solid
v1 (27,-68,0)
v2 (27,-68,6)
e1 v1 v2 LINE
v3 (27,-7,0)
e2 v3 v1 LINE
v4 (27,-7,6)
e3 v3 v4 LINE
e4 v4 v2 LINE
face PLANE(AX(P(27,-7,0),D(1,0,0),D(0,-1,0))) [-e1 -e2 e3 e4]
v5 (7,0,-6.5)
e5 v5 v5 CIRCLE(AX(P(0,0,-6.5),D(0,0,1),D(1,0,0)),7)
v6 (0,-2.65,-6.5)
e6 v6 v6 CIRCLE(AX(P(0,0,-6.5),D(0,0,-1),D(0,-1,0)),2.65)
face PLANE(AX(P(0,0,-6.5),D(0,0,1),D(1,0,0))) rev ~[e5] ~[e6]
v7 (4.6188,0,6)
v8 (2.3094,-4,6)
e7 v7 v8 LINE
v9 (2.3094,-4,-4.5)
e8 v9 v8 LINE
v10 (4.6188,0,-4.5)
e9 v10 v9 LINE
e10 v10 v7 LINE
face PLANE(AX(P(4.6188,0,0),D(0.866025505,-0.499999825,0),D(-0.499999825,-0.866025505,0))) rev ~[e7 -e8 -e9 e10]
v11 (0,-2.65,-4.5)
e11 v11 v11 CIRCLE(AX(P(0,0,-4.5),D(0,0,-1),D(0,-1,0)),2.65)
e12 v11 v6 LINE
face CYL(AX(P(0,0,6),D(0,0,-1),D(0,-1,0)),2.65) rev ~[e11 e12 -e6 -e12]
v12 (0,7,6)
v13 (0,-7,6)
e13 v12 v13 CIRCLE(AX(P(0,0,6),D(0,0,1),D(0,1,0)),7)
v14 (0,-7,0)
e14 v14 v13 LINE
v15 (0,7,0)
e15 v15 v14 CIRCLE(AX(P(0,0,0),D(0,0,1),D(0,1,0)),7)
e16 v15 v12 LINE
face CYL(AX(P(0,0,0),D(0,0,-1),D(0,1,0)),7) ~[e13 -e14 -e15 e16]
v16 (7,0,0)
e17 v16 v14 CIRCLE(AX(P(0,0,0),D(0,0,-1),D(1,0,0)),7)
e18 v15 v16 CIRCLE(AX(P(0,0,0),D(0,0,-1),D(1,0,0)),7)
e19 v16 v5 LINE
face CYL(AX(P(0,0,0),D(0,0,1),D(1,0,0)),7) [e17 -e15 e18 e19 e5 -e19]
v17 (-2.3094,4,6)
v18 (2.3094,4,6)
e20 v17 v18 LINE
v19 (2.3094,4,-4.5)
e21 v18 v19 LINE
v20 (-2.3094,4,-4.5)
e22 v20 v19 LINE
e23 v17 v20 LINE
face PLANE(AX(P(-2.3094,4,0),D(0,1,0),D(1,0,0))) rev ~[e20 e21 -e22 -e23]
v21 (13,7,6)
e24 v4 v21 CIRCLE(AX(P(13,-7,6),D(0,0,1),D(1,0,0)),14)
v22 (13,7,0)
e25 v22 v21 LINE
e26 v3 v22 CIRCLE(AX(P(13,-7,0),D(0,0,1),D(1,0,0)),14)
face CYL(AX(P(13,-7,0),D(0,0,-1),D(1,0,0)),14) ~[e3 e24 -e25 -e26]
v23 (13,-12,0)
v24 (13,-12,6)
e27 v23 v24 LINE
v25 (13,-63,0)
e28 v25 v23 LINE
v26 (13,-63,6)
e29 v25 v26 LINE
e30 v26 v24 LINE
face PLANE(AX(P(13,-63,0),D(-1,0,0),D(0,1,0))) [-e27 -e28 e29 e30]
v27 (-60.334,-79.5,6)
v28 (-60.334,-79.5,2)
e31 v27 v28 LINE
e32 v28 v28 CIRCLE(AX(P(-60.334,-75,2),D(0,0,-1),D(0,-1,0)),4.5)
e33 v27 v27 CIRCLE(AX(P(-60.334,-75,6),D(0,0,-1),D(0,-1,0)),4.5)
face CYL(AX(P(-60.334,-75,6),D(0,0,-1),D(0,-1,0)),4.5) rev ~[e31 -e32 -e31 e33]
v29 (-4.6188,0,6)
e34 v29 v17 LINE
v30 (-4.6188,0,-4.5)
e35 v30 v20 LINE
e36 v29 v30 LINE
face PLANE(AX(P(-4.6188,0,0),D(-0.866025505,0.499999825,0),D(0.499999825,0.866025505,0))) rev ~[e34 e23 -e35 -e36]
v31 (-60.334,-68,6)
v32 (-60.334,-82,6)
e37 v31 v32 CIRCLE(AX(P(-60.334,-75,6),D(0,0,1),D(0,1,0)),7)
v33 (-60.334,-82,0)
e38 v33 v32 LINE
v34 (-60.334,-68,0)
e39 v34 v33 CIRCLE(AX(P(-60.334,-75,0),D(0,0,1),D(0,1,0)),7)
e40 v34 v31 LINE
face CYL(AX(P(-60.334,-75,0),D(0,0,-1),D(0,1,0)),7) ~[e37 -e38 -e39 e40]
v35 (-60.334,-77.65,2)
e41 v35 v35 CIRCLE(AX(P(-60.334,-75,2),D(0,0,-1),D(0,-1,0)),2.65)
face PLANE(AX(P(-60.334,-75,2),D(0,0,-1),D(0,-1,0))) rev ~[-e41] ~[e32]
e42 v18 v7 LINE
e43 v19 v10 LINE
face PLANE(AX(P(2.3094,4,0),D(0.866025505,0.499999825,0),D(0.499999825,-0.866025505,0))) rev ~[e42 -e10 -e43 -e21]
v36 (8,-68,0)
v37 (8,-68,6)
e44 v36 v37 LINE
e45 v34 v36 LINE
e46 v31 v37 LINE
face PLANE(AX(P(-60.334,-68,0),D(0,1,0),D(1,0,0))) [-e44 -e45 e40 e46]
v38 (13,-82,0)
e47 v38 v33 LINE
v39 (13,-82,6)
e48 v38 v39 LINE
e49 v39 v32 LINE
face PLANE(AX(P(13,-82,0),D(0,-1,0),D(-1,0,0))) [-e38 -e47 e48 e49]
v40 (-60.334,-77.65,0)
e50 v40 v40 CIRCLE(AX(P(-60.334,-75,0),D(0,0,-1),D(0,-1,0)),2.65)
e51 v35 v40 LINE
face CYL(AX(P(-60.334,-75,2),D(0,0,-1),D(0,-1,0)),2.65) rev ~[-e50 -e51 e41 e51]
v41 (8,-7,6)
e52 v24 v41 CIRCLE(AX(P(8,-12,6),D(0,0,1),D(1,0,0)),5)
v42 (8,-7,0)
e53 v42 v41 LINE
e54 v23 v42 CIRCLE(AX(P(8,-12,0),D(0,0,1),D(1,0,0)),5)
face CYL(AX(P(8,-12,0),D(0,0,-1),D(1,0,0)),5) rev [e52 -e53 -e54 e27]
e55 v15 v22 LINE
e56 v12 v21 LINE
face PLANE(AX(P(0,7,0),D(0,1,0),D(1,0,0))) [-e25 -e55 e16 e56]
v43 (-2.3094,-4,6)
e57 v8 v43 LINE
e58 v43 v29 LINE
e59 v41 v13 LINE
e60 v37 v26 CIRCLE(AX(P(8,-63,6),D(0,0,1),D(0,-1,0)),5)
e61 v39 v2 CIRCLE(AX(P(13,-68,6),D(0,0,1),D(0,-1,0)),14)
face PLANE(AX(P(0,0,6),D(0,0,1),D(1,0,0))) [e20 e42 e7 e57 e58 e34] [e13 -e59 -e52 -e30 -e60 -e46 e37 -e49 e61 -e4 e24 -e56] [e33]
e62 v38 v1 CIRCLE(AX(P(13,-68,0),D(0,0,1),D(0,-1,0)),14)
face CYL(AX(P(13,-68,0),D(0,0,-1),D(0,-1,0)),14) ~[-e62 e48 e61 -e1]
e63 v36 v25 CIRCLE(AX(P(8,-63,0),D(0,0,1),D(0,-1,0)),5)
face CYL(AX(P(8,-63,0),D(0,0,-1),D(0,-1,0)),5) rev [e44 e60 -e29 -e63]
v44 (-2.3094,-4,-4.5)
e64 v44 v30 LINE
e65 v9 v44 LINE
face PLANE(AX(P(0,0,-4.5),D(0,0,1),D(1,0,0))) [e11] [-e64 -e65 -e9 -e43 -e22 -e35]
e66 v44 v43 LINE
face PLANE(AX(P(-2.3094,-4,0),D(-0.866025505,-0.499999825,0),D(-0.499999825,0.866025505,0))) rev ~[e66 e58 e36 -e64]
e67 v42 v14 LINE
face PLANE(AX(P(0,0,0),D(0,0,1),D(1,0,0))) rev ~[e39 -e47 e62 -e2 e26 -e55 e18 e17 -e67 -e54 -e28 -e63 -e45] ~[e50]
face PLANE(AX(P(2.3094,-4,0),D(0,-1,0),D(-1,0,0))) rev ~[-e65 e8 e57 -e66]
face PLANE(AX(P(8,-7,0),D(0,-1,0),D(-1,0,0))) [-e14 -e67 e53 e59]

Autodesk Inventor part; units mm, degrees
ref_plane "YZ Plane" through (0, 0, 0) normal (1, 0, 0) x (0, 1, 0)
ref_plane "XZ Plane" through (0, 0, 0) normal (0, 1, 0) x (-1, 0, 0)
ref_plane "XY Plane" through (0, 0, 0) normal (0, 0, 1) x (1, 0, 0)
sketch "Skizze1" plane through (0, 0, 0) normal (0, 0, 1) x (1, 0, 0)
  circle A0 centre (0, 0) radius 2.5
  line L0 (0, 7) -> (13, 7)
  arc A1 (0, 7) -> (0, -7) centre (0, 0) ccw
  circle A2 centre (-60.334, -75) radius 2.5
  line L1 (-60.334, -68) -> (8, -68)
  line L2 (13, -63) -> (13, -12)
  line L3 (27, -7) -> (27, -68)
  line L4 (13, -82) -> (-60.334, -82)
  arc A3 (-60.334, -68) -> (-60.334, -82) centre (-60.334, -75) ccw
  line L5 (20, -82) -> (20, 7) construction
  line L6 (0, 0) -> (-60.334, -75) construction
  line L7 (-60.334, -75) -> (-110.6881, -137.5941) construction
  line L8 (-60.334, -75) -> (20, -75) construction
  circle A4 centre (-60.334, -75) radius 7
  arc A5 (27, -7) -> (13, 7) centre (13, -7) ccw
  arc A6 (13, -82) -> (27, -68) centre (13, -68) ccw
  arc A7 (8, -68) -> (13, -63) centre (8, -63) ccw
  arc A8 (13, -12) -> (8, -7) centre (8, -12) ccw
  circle A9 centre (0, 0) radius 7
  line L9 (8, -7) -> (0, -7)
  line L10 (-2.3094, -4) -> (-4.6188, 0)
  line L11 (-4.6188, 0) -> (-2.3094, 4)
  line L12 (-2.3094, 4) -> (2.3094, 4)
  line L13 (2.3094, 4) -> (4.6188, 0)
  line L14 (4.6188, 0) -> (2.3094, -4)
  line L15 (2.3094, -4) -> (-2.3094, -4)
  point P0 (-60.334, -68)
  point P1 (13, 7)
  point P2 (0, -7)
  point P3 (0, -7)
  dimension "d0" = 5
  dimension "d10" = 75
  dimension "d11" = 14
  dimension "d14" = 176.5899
  dimension "d19" = 20
  dimension "d20" = 7
  dimension "d25" = 5
  dimension "d26" = 14
  dimension "d41" = 8
extrude "Extrusion1" add sketch "Skizze1" along normal blind 6 contours A9 A1 | L0 A5 L3 A6 L4 A4 L1 A7 L2 A8 L9 A9 | A3 A4 | L10 L11 L12 L13 L14 L15
extrude "Extrusion2" add sketch "Skizze1" against normal blind 6.5 contours A9 A1 | L10 L11 L12 L13 L14 L15
sketch "Skizze2" plane through (0, 0, 6) normal (0, 0, 1) x (1, 0, 0)
  circle A0 centre (-60.334, -75) radius 2.5 projected
  circle A1 centre (0, 0) radius 2.5 projected
hole "Bohrung1" at (-60.334, -75, 6) direction (0, 0, -1) diameter 5.3 end through all counterbore diameter 9 counterbore depth 4 clearance for "Inbusschraube DIN EN ISO 4762" size "M5" standard "DIN"
sketch "Skizze3" plane through (0, 0, 6) normal (0, 0, 1) x (1, 0, 0)
  circle A0 centre (0, 0) radius 2.5 projected
hole "Bohrung2" at (0, 0, 6) direction (0, 0, -1) diameter 5.3 end through all clearance for "Inbusschraube DIN EN ISO 4762" size "M5" standard "DIN"
extrude "Extrusion3" cut sketch "Skizze1" along normal blind 6 and the other way blind 4.5 contours L10 L11 L12 L13 L14 L15
equation "\"d11\" = 2 * d20"
equation "\"d26\" = 2 * d20"
equation "\"d42\" = d6"
equation "\"d6\" = 6"
properties part number "Door_Lever2" material "ABS-Kunststoff"
